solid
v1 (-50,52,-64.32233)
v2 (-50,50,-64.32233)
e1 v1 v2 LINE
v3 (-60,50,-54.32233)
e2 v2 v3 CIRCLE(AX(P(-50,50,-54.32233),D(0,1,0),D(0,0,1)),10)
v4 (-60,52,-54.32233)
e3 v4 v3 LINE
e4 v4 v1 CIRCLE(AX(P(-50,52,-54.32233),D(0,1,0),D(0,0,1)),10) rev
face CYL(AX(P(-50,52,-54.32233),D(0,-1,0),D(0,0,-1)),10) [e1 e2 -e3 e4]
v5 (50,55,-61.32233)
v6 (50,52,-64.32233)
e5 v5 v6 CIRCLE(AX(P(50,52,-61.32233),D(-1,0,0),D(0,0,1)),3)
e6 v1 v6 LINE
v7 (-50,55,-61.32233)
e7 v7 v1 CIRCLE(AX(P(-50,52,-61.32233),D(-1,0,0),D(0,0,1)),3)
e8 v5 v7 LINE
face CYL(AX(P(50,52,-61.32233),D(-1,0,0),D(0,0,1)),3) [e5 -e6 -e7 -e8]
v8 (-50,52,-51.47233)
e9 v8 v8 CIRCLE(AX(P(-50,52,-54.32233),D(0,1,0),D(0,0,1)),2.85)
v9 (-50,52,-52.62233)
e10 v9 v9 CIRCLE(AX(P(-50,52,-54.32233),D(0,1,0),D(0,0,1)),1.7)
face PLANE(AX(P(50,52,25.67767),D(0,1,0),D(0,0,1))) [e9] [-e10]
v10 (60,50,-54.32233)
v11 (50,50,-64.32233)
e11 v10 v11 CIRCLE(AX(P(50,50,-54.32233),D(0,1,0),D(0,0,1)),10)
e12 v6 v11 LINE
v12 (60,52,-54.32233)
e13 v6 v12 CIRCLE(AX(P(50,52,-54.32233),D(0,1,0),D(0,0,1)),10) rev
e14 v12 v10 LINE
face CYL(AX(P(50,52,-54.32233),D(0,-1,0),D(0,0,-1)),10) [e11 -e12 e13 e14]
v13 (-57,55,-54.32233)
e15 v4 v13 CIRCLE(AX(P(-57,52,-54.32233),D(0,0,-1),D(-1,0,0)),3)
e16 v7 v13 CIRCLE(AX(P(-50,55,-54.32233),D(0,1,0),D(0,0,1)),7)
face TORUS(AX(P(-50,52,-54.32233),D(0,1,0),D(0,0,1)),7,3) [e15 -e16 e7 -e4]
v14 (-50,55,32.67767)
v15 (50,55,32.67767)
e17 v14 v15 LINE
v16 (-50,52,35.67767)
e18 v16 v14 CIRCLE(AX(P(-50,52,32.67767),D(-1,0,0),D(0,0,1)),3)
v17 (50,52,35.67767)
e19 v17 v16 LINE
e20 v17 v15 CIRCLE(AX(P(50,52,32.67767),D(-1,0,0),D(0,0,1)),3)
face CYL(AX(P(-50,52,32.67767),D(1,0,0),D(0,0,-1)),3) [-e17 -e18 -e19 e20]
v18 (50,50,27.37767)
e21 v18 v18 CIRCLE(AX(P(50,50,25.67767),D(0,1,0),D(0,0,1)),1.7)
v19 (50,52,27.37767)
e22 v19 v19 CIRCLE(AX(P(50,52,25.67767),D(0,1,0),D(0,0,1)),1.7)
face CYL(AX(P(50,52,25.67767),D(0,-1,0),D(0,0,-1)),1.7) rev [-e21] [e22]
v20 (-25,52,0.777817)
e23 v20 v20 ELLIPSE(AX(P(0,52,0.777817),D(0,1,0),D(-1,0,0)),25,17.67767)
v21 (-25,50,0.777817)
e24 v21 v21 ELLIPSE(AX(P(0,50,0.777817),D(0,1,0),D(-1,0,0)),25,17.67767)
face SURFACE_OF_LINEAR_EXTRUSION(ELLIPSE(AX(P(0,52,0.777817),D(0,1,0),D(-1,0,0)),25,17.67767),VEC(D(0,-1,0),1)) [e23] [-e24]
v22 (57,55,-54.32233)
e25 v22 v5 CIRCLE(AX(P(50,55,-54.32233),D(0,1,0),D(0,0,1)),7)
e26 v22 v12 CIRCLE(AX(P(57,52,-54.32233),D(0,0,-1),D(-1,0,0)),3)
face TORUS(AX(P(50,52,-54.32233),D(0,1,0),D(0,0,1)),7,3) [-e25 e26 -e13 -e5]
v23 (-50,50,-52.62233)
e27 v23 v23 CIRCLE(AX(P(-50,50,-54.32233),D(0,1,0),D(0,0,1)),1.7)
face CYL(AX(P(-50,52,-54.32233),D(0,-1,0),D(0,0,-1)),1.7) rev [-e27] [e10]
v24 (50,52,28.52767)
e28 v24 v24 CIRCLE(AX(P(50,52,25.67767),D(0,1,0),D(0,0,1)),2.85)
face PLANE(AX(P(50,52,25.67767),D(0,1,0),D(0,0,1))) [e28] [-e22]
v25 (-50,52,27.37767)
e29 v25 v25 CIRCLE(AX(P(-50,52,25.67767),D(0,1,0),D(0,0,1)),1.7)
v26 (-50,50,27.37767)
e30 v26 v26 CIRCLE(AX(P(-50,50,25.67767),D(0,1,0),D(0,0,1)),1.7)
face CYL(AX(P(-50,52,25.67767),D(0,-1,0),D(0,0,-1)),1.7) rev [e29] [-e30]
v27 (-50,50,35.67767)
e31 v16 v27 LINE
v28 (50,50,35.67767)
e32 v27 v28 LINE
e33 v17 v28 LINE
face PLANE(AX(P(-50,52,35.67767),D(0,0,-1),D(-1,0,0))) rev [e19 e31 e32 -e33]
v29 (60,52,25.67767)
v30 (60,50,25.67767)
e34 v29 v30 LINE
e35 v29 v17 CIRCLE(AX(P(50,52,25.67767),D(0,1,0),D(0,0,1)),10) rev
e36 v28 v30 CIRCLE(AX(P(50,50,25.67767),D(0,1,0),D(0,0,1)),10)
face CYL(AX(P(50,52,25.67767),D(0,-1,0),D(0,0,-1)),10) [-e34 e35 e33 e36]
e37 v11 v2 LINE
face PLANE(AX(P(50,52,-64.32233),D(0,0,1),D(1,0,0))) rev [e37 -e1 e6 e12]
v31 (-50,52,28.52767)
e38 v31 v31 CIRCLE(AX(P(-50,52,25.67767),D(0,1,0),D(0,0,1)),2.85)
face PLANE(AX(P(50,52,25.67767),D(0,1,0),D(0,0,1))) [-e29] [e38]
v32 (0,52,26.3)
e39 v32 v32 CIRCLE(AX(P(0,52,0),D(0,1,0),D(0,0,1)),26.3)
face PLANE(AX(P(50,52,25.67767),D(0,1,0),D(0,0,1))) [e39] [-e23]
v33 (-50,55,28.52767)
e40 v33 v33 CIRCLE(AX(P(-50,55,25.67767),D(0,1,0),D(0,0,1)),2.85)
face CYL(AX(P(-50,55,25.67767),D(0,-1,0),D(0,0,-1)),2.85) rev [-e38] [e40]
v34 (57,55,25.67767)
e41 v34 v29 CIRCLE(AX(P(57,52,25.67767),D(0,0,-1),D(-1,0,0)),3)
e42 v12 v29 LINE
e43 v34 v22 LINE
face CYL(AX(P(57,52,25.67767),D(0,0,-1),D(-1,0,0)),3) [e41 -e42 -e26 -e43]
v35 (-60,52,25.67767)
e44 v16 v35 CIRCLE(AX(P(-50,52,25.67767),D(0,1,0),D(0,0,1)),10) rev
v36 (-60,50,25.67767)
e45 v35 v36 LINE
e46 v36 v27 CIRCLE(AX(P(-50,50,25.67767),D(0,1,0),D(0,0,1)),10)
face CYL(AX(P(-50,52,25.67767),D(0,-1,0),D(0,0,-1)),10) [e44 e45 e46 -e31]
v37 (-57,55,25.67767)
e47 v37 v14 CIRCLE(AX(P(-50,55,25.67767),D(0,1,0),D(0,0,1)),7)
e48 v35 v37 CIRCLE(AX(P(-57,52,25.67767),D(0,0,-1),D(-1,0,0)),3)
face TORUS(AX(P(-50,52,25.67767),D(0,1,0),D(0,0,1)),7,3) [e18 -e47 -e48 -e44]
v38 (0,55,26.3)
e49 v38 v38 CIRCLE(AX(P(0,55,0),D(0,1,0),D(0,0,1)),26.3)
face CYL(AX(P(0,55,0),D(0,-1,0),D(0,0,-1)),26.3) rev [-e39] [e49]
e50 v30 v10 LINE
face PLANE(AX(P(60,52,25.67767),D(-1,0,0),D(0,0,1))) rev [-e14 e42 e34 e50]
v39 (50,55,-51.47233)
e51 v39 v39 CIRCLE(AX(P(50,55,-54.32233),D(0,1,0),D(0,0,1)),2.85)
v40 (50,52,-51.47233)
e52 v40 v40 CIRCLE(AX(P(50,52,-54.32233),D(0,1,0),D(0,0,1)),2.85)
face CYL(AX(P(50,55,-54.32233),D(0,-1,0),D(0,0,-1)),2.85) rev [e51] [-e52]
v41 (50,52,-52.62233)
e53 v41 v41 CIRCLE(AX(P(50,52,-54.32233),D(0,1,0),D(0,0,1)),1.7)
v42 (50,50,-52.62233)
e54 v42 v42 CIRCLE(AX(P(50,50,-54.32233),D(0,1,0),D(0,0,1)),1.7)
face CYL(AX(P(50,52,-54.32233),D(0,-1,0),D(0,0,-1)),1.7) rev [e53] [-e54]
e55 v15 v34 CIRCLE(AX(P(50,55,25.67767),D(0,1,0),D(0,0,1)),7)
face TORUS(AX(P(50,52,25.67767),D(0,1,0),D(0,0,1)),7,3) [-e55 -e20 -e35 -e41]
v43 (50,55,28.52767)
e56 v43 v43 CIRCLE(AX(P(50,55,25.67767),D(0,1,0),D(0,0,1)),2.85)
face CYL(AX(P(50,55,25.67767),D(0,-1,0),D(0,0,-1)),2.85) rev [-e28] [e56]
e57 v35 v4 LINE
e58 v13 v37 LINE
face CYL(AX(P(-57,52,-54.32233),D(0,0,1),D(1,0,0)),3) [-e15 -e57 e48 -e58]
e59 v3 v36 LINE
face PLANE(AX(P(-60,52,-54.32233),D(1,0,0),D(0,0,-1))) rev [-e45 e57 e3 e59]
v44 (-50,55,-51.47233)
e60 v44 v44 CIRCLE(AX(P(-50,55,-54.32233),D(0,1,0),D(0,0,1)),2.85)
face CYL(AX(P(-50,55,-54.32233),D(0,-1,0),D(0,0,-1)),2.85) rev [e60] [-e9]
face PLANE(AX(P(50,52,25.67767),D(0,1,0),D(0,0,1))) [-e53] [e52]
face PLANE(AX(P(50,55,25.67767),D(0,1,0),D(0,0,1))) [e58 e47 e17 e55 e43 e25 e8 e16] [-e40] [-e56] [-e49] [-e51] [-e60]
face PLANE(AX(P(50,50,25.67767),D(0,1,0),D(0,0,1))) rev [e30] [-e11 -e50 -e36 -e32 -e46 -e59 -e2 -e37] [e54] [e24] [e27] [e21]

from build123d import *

# Parameters (mm, degrees)
SKETCH1_R           = 1.7
SKETCH1_RX          = 25
SKETCH1_RY          = 17.67766953
BOSS_EXTRUDE1_DEPTH = 2
BOSS_EXTRUDE2_START = 2
SKETCH1_3_R         = 2.85
SKETCH1_3_R_2       = 26.3
BOSS_EXTRUDE2_DEPTH = 3
FILLET1_R           = 3


with BuildPart() as part:
    # Sketch1 → Boss-Extrude1 (new body)
    with BuildSketch(Plane(origin=(0, 50, 0), x_dir=(1, 0, 0), z_dir=(0, 1, 0))):
        with BuildLine():
            Line((-50, -35.67766953), (50, -35.67766953))
            ThreePointArc((50, -35.67766953), (57.071067812, -32.748737342), (60, -25.67766953))
            Line((60, -25.67766953), (60, 54.32233047))
            ThreePointArc((60, 54.32233047), (57.071067812, 61.393398282), (50, 64.32233047))
            Line((50, 64.32233047), (-50, 64.32233047))
            ThreePointArc((-50, 64.32233047), (-57.071067812, 61.393398282), (-60, 54.32233047))
            Line((-60, 54.32233047), (-60, -25.67766953))
            ThreePointArc((-60, -25.67766953), (-57.071067812, -32.748737342), (-50, -35.67766953))
        make_face()
        with Locations(Location((-50, -25.67766953, 0), (0, 0, 270))):
            Circle(SKETCH1_R, mode=Mode.SUBTRACT)
        with Locations(Location((50, -25.67766953, 0), (0, 0, 270))):
            Circle(SKETCH1_R, mode=Mode.SUBTRACT)
        with Locations(Location((50, 54.32233047, 0), (0, 0, 270))):
            Circle(SKETCH1_R, mode=Mode.SUBTRACT)
        with Locations(Location((-50, 54.32233047, 0), (0, 0, 270))):
            Circle(SKETCH1_R, mode=Mode.SUBTRACT)
        with Locations(Location((0, -0.777817459), (0, 0, -180))):
            Ellipse(SKETCH1_RX, SKETCH1_RY, mode=Mode.SUBTRACT)
    extrude(amount=BOSS_EXTRUDE1_DEPTH)

    # Sketch1<3> → Boss-Extrude2 (add)
    with BuildSketch(Plane(origin=(0, 50, 0), x_dir=(1, 0, 0), z_dir=(0, 1, 0)).offset(BOSS_EXTRUDE2_START)):
        with BuildLine():
            Line((-50, -35.67766953), (50, -35.67766953))
            ThreePointArc((50, -35.67766953), (57.071067812, -32.748737342), (60, -25.67766953))
            Line((60, -25.67766953), (60, 54.32233047))
            ThreePointArc((60, 54.32233047), (57.071067812, 61.393398282), (50, 64.32233047))
            Line((50, 64.32233047), (-50, 64.32233047))
            ThreePointArc((-50, 64.32233047), (-57.071067812, 61.393398282), (-60, 54.32233047))
            Line((-60, 54.32233047), (-60, -25.67766953))
            ThreePointArc((-60, -25.67766953), (-57.071067812, -32.748737342), (-50, -35.67766953))
        make_face()
        with Locations(Location((-50, 54.32233047, 0), (0, 0, 270))):
            Circle(SKETCH1_3_R, mode=Mode.SUBTRACT)
        with Locations(Location((-50, -25.67766953, 0), (0, 0, 270))):
            Circle(SKETCH1_3_R, mode=Mode.SUBTRACT)
        with Locations(Location((50, 54.32233047, 0), (0, 0, 270))):
            Circle(SKETCH1_3_R, mode=Mode.SUBTRACT)
        with Locations(Location((50, -25.67766953, 0), (0, 0, 270))):
            Circle(SKETCH1_3_R, mode=Mode.SUBTRACT)
        with Locations(Location((0, 0, 0), (0, 0, 270))):
            Circle(SKETCH1_3_R_2, mode=Mode.SUBTRACT)
    extrude(amount=BOSS_EXTRUDE2_DEPTH)

    # Fillet1
    fillet1_edges = [part.edges().sort_by_distance(p)[0] for p in [
        (57.071067812, 55, 32.748737342),
        (57.071067812, 55, -61.393398282),
        (-57.071067812, 55, -61.393398282),
        (-57.071067812, 55, 32.748737342),
        (60, 55, -14.32233047),
        (0, 55, -64.32233047),
        (-60, 55, -14.32233047),
        (0, 55, 35.67766953),
    ]]
    fillet(fillet1_edges, radius=FILLET1_R)


solid = part.part
